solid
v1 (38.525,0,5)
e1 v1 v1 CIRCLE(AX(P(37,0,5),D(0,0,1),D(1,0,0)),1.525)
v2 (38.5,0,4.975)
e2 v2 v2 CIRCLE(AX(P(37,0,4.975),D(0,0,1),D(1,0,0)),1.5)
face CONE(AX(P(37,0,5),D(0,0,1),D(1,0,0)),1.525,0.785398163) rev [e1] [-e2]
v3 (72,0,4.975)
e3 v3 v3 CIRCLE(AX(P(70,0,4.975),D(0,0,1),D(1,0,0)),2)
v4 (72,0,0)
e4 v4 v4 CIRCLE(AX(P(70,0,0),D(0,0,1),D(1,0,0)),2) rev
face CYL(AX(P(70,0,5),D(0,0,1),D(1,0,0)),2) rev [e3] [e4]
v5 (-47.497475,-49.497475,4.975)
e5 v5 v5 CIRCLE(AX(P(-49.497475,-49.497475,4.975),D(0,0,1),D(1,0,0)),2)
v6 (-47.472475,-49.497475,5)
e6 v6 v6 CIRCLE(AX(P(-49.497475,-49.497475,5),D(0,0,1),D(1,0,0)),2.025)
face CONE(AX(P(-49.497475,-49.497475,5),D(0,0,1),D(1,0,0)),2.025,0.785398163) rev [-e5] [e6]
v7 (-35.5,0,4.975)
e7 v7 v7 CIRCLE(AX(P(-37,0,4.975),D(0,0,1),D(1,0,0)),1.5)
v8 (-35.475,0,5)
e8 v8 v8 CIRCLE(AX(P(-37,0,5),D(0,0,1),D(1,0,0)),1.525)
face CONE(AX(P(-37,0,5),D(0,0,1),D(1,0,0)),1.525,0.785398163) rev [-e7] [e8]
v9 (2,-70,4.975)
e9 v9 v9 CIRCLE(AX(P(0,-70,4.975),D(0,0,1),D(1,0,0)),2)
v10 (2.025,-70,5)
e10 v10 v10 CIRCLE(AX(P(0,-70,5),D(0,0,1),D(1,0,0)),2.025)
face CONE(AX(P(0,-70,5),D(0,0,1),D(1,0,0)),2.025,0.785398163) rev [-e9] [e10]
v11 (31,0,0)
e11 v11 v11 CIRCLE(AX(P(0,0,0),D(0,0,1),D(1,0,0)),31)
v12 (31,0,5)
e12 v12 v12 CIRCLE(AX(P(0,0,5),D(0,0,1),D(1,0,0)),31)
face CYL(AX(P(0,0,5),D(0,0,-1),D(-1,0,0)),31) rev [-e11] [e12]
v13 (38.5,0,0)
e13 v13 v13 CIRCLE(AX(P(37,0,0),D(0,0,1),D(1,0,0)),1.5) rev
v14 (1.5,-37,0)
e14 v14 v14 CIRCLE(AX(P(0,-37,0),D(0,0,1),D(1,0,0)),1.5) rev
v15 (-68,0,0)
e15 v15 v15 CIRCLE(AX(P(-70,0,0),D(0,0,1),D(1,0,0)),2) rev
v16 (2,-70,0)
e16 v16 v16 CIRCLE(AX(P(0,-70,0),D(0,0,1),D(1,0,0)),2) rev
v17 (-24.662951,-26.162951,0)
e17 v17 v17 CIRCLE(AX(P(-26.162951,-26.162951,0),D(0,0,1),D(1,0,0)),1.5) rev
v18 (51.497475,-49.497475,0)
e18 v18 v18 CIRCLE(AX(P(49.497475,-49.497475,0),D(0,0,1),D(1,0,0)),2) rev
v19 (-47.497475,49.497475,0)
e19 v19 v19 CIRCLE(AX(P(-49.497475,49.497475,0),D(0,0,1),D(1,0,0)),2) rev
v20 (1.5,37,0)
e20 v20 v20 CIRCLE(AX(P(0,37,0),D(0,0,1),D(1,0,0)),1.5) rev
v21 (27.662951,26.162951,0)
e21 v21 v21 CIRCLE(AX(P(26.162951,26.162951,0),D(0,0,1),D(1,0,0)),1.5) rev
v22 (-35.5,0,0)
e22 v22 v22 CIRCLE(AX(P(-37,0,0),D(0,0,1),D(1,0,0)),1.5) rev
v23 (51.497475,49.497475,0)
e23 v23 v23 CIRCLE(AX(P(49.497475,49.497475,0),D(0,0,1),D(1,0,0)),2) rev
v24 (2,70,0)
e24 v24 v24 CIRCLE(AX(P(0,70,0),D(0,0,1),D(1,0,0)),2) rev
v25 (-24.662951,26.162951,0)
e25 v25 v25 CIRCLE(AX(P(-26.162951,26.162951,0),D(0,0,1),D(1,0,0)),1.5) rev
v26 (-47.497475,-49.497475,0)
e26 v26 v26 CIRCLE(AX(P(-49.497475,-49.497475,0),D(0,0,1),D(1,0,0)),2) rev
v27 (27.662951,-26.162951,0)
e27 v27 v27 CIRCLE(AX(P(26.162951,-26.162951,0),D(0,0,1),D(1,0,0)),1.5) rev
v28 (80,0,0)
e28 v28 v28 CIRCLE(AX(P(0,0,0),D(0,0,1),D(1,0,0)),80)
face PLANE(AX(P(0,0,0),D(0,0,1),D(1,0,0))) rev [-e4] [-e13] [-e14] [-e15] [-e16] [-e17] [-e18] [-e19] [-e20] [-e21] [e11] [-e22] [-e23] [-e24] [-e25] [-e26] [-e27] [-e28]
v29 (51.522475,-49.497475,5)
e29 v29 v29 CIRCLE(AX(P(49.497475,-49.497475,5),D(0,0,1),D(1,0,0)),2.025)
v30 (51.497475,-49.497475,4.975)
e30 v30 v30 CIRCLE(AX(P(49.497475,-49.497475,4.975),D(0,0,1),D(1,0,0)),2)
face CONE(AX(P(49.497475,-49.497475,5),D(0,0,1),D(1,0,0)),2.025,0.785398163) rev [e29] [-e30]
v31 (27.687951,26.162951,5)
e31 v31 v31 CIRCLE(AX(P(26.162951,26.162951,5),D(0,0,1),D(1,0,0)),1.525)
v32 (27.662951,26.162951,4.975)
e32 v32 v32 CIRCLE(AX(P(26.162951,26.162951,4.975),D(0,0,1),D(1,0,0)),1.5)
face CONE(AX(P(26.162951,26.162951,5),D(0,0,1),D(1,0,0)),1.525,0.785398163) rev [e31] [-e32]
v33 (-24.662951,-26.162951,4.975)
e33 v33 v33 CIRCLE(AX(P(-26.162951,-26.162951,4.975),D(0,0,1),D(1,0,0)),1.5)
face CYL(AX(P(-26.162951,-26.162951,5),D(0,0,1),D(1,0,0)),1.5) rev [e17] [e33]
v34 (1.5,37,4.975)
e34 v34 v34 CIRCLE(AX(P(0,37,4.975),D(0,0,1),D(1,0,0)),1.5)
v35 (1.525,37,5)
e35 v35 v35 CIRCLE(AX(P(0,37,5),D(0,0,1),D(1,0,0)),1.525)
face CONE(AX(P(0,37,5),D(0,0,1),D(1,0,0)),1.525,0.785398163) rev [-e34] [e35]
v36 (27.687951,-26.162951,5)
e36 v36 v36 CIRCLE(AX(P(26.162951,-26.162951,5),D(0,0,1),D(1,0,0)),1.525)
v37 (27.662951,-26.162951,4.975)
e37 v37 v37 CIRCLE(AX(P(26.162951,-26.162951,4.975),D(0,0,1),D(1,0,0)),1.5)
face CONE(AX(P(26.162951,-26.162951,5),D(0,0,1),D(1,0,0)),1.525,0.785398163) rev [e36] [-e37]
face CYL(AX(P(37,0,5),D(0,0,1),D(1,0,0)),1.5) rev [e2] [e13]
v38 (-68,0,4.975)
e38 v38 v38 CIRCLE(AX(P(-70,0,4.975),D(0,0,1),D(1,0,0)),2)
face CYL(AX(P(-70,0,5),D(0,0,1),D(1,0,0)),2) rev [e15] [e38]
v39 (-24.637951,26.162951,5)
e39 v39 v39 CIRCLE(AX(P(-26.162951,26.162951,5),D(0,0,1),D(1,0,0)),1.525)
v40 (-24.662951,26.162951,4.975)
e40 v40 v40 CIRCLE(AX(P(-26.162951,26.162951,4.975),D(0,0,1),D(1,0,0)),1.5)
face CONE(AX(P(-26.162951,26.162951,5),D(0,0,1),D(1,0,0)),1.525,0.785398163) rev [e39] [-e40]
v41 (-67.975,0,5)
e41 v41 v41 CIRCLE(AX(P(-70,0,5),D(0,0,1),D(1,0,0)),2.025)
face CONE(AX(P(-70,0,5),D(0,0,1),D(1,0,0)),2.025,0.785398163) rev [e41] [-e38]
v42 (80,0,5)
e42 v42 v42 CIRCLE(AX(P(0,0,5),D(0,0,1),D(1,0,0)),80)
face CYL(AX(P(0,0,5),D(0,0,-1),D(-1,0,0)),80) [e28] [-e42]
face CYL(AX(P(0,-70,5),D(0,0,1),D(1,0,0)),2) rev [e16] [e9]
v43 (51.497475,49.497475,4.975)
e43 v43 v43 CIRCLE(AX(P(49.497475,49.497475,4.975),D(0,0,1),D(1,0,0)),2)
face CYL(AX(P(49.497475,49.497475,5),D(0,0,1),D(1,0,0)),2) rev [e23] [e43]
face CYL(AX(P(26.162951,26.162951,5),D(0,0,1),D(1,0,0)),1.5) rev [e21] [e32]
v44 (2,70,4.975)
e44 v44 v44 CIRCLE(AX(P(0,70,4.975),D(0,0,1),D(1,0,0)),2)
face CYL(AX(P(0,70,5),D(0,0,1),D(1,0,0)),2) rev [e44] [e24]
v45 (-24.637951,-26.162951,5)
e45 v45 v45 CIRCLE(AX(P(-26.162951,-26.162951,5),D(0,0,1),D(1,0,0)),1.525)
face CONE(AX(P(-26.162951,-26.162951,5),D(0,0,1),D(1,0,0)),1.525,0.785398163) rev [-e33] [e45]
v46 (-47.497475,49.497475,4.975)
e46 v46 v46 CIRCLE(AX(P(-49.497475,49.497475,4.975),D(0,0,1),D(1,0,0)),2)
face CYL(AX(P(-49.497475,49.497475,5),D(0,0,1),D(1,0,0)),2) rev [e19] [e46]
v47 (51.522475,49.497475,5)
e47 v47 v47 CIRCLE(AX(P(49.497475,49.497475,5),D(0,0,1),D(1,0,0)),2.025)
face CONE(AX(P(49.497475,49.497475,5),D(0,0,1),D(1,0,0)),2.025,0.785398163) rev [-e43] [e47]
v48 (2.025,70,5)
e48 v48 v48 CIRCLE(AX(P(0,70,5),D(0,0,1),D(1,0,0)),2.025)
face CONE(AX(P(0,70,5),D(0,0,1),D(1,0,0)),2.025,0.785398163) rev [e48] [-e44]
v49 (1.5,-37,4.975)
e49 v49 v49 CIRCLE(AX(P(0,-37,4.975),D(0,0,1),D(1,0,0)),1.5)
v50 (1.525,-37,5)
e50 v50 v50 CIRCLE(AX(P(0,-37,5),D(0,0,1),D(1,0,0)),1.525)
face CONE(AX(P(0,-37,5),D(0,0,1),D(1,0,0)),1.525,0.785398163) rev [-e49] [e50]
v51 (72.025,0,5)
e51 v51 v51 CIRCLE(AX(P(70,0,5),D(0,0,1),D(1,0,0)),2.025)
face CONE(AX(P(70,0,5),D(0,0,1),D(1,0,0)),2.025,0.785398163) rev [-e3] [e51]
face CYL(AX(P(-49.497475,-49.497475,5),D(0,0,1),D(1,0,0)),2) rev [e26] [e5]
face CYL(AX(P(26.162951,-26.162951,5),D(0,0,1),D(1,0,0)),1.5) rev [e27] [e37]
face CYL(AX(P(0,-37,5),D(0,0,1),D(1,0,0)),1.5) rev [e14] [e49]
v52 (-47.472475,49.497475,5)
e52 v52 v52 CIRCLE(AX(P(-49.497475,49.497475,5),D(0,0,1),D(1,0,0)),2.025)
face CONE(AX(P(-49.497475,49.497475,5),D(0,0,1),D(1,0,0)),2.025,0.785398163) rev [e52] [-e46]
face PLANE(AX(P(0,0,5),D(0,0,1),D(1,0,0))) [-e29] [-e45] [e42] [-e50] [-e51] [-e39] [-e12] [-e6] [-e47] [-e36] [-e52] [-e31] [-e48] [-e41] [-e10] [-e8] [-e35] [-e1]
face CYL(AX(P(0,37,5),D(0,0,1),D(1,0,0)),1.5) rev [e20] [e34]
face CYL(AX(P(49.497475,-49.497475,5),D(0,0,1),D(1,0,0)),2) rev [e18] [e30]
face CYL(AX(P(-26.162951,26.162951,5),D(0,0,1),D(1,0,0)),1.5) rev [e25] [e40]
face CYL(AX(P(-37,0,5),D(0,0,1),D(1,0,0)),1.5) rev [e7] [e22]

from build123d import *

# Parameters (mm, degrees)
SKETCH2_R                       = 80
SKETCH2_R_2                     = 31
BOSS_EXTRUDE1_DEPTH             = 5
F_4_0MM_DOWEL_HOLE1_D           = 4
F_4_0MM_DOWEL_HOLE1_CSINK_D     = 4.05
F_4_0MM_DOWEL_HOLE1_CSINK_ANGLE = 90
F_3_0MM_DOWEL_HOLE1_D           = 3
F_3_0MM_DOWEL_HOLE1_CSINK_D     = 3.05
F_3_0MM_DOWEL_HOLE1_CSINK_ANGLE = 90


with BuildPart() as part:
    # Sketch2 → Boss-Extrude1 (new body)
    with BuildSketch(Plane.XY):
        Circle(SKETCH2_R)
        Circle(SKETCH2_R_2, mode=Mode.SUBTRACT)
    extrude(amount=BOSS_EXTRUDE1_DEPTH)

    # Ø4.0mm Dowel Hole1 (through all)
    with Locations(Plane.XY.offset(5)):
        with Locations((0, 70), (-49.497474683, 49.497474683), (-70, 0), (-49.497474683, -49.497474683), (0, -70), (49.497474683, -49.497474683), (70, 0), (49.497474683, 49.497474683)):
            CounterSinkHole(F_4_0MM_DOWEL_HOLE1_D / 2, F_4_0MM_DOWEL_HOLE1_CSINK_D / 2, counter_sink_angle=F_4_0MM_DOWEL_HOLE1_CSINK_ANGLE)

    # Ø3.0mm Dowel Hole1 (through all)
    with Locations(Plane.XY.offset(5)):
        with Locations((0, 37), (-26.162950904, 26.162950904), (-37, 0), (-26.162950904, -26.162950904), (0, -37), (26.162950904, -26.162950904), (37, 0), (26.162950904, 26.162950904)):
            CounterSinkHole(F_3_0MM_DOWEL_HOLE1_D / 2, F_3_0MM_DOWEL_HOLE1_CSINK_D / 2, counter_sink_angle=F_3_0MM_DOWEL_HOLE1_CSINK_ANGLE)


solid = part.part
